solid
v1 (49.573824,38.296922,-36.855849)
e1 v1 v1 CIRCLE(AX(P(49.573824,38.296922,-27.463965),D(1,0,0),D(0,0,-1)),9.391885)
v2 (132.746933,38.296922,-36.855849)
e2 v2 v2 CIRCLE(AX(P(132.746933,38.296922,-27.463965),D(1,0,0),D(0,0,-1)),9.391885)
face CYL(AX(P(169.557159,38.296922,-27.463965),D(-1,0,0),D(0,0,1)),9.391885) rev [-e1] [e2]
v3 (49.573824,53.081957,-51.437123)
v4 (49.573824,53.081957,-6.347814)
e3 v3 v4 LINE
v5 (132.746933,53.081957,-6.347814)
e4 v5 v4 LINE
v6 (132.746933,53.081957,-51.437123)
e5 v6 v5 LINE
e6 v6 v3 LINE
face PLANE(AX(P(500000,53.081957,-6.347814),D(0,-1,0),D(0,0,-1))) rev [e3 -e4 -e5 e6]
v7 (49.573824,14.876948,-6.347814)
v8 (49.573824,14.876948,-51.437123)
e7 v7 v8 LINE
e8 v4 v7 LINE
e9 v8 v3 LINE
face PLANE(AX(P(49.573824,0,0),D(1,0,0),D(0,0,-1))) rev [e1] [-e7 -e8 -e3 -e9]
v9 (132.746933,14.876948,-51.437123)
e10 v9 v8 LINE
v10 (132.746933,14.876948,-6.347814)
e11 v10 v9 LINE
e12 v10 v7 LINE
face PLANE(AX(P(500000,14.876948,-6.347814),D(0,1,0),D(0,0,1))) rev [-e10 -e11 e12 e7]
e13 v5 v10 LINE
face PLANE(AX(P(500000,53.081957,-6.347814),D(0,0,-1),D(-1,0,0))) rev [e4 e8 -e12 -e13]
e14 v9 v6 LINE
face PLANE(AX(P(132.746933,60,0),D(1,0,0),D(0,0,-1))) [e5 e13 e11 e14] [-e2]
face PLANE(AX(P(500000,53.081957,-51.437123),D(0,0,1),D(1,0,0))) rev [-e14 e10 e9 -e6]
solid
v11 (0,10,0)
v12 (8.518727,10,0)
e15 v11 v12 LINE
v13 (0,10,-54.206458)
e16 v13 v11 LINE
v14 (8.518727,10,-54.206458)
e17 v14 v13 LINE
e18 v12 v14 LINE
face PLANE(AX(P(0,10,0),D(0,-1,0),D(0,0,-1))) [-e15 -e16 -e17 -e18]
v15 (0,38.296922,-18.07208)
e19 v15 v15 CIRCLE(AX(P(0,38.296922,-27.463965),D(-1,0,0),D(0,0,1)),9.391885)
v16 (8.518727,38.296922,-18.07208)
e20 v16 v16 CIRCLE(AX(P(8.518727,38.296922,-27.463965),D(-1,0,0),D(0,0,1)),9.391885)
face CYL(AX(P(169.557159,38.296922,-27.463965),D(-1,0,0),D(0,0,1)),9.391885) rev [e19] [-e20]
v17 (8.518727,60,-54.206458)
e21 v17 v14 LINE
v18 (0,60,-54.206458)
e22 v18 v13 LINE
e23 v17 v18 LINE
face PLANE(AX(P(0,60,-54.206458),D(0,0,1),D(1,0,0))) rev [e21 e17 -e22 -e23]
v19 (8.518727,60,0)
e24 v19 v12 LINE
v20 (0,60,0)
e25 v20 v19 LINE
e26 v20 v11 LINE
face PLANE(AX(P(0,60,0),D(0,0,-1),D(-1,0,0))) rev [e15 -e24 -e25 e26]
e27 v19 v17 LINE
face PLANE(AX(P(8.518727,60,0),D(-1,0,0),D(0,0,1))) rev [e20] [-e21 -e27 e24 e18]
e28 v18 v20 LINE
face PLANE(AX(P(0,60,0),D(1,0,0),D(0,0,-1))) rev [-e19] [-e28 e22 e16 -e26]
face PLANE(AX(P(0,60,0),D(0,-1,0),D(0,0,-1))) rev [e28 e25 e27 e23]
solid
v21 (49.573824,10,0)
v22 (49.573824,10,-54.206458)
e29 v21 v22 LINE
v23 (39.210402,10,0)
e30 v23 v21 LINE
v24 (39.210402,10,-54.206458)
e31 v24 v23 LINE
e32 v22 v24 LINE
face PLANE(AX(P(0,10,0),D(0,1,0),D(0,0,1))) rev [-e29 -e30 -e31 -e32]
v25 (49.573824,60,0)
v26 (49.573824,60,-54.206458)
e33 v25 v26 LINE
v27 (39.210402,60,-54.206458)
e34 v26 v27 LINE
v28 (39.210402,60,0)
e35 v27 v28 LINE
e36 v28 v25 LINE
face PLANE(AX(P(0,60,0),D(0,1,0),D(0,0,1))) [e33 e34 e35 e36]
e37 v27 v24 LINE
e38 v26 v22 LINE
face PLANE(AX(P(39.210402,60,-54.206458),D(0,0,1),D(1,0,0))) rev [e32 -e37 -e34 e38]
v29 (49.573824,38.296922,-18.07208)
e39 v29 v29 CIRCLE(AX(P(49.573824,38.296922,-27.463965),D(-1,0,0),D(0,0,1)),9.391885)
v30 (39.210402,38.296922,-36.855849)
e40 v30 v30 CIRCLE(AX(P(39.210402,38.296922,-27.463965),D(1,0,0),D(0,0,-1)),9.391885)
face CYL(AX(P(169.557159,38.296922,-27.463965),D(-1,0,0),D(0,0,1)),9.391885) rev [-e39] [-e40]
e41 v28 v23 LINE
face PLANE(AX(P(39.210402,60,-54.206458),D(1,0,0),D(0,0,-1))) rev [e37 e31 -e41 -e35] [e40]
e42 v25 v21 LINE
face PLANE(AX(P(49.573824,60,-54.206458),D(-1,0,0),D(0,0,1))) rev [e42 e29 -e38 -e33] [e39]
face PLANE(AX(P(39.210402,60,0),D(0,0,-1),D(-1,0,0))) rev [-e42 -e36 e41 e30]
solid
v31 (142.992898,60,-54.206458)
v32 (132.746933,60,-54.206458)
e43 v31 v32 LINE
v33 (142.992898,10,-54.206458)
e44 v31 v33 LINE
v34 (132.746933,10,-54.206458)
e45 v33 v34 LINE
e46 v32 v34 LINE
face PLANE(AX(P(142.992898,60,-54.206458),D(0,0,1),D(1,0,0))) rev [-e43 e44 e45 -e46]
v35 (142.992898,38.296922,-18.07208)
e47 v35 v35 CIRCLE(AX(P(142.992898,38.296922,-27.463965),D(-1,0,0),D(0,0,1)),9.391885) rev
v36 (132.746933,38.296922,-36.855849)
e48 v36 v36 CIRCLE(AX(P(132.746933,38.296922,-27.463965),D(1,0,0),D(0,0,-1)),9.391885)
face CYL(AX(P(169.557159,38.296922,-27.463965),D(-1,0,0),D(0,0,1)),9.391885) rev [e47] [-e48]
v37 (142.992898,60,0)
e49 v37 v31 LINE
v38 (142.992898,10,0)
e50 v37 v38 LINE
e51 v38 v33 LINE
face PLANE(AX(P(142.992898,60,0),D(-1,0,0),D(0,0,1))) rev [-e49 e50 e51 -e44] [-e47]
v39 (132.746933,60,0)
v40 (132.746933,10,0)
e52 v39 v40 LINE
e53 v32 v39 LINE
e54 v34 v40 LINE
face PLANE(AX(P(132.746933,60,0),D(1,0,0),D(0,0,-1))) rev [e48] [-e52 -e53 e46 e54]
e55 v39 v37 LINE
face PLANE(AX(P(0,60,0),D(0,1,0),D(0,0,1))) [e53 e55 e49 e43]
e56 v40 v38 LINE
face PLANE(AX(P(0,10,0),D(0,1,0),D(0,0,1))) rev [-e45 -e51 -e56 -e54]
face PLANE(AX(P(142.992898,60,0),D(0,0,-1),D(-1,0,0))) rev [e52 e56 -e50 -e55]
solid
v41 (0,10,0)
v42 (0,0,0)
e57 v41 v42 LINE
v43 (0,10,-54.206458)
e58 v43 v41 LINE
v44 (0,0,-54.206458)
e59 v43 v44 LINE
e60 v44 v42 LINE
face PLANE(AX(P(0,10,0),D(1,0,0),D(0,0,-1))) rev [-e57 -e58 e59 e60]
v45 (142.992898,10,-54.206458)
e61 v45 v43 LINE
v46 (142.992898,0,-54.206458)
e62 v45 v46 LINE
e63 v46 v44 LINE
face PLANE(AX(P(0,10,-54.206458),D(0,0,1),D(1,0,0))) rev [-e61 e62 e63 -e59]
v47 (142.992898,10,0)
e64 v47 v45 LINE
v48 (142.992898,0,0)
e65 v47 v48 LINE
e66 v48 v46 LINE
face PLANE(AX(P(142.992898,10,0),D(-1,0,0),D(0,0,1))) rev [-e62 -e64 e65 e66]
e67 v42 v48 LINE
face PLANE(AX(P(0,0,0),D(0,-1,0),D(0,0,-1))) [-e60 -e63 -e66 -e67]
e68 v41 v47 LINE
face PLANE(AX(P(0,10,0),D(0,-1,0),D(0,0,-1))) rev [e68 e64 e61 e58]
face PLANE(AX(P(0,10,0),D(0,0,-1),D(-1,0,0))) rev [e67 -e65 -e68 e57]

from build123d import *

# Parameters (mm, degrees)
SKIZZE1_W                         = 142.992898016
SKIZZE1_H                         = 54.206458071
AUFSATZ_LINEAR_AUSTRAGEN1_DEPTH   = 10
SKIZZE2_W                         = 8.518727461
SKIZZE2_H                         = 54.206458071
AUFSATZ_LINEAR_AUSTRAGEN2_DEPTH   = 50
SKIZZE2_W_2                       = 10.24596455
AUFSATZ_LINEAR_AUSTRAGEN2_2_DEPTH = 50
SKIZZE3_W                         = 10.363422534
SKIZZE3_H                         = 54.206458071
AUFSATZ_LINEAR_AUSTRAGEN3_DEPTH   = 50
SKIZZE4_W                         = 45.089308898
SKIZZE4_H                         = 38.205008477
OPTIONAL_DEPTH                    = 83.173109
SKIZZE5_R                         = 9.391884554
SCHNITT_LINEAR_AUSTRAGEN1_DEPTH   = 142.992898


with BuildPart() as part:
    # Skizze1 → Aufsatz-Linear austragen1 (new body)
    with BuildSketch(Plane(origin=(0, 0, 0), x_dir=(1, 0, 0), z_dir=(0, 1, 0))):
        with Locations((71.496449008, 27.103229036)):
            Rectangle(SKIZZE1_W, SKIZZE1_H)
    extrude(amount=AUFSATZ_LINEAR_AUSTRAGEN1_DEPTH)


with BuildPart() as body_2:
    # Skizze2 → Aufsatz-Linear austragen2 (new body)
    with BuildSketch(Plane(origin=(0, 10, 0), x_dir=(1, 0, 0), z_dir=(0, 1, 0))):
        with Locations((4.259363731, 27.103229036)):
            Rectangle(SKIZZE2_W, SKIZZE2_H)
    extrude(amount=AUFSATZ_LINEAR_AUSTRAGEN2_DEPTH)


with BuildPart() as body_3:
    # Skizze2 → Aufsatz-Linear austragen2 2 (new body)
    with BuildSketch(Plane(origin=(0, 10, 0), x_dir=(1, 0, 0), z_dir=(0, 1, 0))):
        with Locations((137.869915741, 27.103229036)):
            Rectangle(SKIZZE2_W_2, SKIZZE2_H)
    extrude(amount=AUFSATZ_LINEAR_AUSTRAGEN2_2_DEPTH)


with BuildPart() as body_4:
    # Skizze3 → Aufsatz-Linear austragen3 (new body)
    with BuildSketch(Plane(origin=(0, 10, 0), x_dir=(1, 0, 0), z_dir=(0, 1, 0))):
        with Locations((44.392113152, 27.103229036)):
            Rectangle(SKIZZE3_W, SKIZZE3_H)
    extrude(amount=AUFSATZ_LINEAR_AUSTRAGEN3_DEPTH)


with BuildPart() as body_5:
    # Skizze4 → Optional (new body)
    with BuildSketch(Plane(origin=(49.573824419, 0, 0), x_dir=(0, 0, -1), z_dir=(1, 0, 0))):
        with Locations((28.892468722, 33.979452593)):
            Rectangle(SKIZZE4_W, SKIZZE4_H)
    extrude(amount=OPTIONAL_DEPTH)


with BuildPart() as schnitt_linear_austragen1_tool:
    # Skizze5 → Schnitt-Linear austragen1 (new body)
    with BuildSketch(Plane.ZY):
        with Locations(Location((-27.463964756, 38.296921572, 0), (0, 0, 180))):  # turned: the seam where the file's is
            Circle(SKIZZE5_R)
    extrude(amount=-SCHNITT_LINEAR_AUSTRAGEN1_DEPTH)


with BuildPart() as body_2_1:
    add(body_2.part)

    # Schnitt-Linear austragen1: cut by schnitt_linear_austragen1_tool
    add(schnitt_linear_austragen1_tool.part, mode=Mode.SUBTRACT)


with BuildPart() as body_3_1:
    add(body_3.part)

    # Schnitt-Linear austragen1: cut by schnitt_linear_austragen1_tool
    add(schnitt_linear_austragen1_tool.part, mode=Mode.SUBTRACT)


with BuildPart() as body_4_1:
    add(body_4.part)

    # Schnitt-Linear austragen1: cut by schnitt_linear_austragen1_tool
    add(schnitt_linear_austragen1_tool.part, mode=Mode.SUBTRACT)


with BuildPart() as body_5_1:
    add(body_5.part)

    # Schnitt-Linear austragen1: cut by schnitt_linear_austragen1_tool
    add(schnitt_linear_austragen1_tool.part, mode=Mode.SUBTRACT)


solid = Compound([part.part, body_2_1.part, body_3_1.part, body_4_1.part, body_5_1.part])
